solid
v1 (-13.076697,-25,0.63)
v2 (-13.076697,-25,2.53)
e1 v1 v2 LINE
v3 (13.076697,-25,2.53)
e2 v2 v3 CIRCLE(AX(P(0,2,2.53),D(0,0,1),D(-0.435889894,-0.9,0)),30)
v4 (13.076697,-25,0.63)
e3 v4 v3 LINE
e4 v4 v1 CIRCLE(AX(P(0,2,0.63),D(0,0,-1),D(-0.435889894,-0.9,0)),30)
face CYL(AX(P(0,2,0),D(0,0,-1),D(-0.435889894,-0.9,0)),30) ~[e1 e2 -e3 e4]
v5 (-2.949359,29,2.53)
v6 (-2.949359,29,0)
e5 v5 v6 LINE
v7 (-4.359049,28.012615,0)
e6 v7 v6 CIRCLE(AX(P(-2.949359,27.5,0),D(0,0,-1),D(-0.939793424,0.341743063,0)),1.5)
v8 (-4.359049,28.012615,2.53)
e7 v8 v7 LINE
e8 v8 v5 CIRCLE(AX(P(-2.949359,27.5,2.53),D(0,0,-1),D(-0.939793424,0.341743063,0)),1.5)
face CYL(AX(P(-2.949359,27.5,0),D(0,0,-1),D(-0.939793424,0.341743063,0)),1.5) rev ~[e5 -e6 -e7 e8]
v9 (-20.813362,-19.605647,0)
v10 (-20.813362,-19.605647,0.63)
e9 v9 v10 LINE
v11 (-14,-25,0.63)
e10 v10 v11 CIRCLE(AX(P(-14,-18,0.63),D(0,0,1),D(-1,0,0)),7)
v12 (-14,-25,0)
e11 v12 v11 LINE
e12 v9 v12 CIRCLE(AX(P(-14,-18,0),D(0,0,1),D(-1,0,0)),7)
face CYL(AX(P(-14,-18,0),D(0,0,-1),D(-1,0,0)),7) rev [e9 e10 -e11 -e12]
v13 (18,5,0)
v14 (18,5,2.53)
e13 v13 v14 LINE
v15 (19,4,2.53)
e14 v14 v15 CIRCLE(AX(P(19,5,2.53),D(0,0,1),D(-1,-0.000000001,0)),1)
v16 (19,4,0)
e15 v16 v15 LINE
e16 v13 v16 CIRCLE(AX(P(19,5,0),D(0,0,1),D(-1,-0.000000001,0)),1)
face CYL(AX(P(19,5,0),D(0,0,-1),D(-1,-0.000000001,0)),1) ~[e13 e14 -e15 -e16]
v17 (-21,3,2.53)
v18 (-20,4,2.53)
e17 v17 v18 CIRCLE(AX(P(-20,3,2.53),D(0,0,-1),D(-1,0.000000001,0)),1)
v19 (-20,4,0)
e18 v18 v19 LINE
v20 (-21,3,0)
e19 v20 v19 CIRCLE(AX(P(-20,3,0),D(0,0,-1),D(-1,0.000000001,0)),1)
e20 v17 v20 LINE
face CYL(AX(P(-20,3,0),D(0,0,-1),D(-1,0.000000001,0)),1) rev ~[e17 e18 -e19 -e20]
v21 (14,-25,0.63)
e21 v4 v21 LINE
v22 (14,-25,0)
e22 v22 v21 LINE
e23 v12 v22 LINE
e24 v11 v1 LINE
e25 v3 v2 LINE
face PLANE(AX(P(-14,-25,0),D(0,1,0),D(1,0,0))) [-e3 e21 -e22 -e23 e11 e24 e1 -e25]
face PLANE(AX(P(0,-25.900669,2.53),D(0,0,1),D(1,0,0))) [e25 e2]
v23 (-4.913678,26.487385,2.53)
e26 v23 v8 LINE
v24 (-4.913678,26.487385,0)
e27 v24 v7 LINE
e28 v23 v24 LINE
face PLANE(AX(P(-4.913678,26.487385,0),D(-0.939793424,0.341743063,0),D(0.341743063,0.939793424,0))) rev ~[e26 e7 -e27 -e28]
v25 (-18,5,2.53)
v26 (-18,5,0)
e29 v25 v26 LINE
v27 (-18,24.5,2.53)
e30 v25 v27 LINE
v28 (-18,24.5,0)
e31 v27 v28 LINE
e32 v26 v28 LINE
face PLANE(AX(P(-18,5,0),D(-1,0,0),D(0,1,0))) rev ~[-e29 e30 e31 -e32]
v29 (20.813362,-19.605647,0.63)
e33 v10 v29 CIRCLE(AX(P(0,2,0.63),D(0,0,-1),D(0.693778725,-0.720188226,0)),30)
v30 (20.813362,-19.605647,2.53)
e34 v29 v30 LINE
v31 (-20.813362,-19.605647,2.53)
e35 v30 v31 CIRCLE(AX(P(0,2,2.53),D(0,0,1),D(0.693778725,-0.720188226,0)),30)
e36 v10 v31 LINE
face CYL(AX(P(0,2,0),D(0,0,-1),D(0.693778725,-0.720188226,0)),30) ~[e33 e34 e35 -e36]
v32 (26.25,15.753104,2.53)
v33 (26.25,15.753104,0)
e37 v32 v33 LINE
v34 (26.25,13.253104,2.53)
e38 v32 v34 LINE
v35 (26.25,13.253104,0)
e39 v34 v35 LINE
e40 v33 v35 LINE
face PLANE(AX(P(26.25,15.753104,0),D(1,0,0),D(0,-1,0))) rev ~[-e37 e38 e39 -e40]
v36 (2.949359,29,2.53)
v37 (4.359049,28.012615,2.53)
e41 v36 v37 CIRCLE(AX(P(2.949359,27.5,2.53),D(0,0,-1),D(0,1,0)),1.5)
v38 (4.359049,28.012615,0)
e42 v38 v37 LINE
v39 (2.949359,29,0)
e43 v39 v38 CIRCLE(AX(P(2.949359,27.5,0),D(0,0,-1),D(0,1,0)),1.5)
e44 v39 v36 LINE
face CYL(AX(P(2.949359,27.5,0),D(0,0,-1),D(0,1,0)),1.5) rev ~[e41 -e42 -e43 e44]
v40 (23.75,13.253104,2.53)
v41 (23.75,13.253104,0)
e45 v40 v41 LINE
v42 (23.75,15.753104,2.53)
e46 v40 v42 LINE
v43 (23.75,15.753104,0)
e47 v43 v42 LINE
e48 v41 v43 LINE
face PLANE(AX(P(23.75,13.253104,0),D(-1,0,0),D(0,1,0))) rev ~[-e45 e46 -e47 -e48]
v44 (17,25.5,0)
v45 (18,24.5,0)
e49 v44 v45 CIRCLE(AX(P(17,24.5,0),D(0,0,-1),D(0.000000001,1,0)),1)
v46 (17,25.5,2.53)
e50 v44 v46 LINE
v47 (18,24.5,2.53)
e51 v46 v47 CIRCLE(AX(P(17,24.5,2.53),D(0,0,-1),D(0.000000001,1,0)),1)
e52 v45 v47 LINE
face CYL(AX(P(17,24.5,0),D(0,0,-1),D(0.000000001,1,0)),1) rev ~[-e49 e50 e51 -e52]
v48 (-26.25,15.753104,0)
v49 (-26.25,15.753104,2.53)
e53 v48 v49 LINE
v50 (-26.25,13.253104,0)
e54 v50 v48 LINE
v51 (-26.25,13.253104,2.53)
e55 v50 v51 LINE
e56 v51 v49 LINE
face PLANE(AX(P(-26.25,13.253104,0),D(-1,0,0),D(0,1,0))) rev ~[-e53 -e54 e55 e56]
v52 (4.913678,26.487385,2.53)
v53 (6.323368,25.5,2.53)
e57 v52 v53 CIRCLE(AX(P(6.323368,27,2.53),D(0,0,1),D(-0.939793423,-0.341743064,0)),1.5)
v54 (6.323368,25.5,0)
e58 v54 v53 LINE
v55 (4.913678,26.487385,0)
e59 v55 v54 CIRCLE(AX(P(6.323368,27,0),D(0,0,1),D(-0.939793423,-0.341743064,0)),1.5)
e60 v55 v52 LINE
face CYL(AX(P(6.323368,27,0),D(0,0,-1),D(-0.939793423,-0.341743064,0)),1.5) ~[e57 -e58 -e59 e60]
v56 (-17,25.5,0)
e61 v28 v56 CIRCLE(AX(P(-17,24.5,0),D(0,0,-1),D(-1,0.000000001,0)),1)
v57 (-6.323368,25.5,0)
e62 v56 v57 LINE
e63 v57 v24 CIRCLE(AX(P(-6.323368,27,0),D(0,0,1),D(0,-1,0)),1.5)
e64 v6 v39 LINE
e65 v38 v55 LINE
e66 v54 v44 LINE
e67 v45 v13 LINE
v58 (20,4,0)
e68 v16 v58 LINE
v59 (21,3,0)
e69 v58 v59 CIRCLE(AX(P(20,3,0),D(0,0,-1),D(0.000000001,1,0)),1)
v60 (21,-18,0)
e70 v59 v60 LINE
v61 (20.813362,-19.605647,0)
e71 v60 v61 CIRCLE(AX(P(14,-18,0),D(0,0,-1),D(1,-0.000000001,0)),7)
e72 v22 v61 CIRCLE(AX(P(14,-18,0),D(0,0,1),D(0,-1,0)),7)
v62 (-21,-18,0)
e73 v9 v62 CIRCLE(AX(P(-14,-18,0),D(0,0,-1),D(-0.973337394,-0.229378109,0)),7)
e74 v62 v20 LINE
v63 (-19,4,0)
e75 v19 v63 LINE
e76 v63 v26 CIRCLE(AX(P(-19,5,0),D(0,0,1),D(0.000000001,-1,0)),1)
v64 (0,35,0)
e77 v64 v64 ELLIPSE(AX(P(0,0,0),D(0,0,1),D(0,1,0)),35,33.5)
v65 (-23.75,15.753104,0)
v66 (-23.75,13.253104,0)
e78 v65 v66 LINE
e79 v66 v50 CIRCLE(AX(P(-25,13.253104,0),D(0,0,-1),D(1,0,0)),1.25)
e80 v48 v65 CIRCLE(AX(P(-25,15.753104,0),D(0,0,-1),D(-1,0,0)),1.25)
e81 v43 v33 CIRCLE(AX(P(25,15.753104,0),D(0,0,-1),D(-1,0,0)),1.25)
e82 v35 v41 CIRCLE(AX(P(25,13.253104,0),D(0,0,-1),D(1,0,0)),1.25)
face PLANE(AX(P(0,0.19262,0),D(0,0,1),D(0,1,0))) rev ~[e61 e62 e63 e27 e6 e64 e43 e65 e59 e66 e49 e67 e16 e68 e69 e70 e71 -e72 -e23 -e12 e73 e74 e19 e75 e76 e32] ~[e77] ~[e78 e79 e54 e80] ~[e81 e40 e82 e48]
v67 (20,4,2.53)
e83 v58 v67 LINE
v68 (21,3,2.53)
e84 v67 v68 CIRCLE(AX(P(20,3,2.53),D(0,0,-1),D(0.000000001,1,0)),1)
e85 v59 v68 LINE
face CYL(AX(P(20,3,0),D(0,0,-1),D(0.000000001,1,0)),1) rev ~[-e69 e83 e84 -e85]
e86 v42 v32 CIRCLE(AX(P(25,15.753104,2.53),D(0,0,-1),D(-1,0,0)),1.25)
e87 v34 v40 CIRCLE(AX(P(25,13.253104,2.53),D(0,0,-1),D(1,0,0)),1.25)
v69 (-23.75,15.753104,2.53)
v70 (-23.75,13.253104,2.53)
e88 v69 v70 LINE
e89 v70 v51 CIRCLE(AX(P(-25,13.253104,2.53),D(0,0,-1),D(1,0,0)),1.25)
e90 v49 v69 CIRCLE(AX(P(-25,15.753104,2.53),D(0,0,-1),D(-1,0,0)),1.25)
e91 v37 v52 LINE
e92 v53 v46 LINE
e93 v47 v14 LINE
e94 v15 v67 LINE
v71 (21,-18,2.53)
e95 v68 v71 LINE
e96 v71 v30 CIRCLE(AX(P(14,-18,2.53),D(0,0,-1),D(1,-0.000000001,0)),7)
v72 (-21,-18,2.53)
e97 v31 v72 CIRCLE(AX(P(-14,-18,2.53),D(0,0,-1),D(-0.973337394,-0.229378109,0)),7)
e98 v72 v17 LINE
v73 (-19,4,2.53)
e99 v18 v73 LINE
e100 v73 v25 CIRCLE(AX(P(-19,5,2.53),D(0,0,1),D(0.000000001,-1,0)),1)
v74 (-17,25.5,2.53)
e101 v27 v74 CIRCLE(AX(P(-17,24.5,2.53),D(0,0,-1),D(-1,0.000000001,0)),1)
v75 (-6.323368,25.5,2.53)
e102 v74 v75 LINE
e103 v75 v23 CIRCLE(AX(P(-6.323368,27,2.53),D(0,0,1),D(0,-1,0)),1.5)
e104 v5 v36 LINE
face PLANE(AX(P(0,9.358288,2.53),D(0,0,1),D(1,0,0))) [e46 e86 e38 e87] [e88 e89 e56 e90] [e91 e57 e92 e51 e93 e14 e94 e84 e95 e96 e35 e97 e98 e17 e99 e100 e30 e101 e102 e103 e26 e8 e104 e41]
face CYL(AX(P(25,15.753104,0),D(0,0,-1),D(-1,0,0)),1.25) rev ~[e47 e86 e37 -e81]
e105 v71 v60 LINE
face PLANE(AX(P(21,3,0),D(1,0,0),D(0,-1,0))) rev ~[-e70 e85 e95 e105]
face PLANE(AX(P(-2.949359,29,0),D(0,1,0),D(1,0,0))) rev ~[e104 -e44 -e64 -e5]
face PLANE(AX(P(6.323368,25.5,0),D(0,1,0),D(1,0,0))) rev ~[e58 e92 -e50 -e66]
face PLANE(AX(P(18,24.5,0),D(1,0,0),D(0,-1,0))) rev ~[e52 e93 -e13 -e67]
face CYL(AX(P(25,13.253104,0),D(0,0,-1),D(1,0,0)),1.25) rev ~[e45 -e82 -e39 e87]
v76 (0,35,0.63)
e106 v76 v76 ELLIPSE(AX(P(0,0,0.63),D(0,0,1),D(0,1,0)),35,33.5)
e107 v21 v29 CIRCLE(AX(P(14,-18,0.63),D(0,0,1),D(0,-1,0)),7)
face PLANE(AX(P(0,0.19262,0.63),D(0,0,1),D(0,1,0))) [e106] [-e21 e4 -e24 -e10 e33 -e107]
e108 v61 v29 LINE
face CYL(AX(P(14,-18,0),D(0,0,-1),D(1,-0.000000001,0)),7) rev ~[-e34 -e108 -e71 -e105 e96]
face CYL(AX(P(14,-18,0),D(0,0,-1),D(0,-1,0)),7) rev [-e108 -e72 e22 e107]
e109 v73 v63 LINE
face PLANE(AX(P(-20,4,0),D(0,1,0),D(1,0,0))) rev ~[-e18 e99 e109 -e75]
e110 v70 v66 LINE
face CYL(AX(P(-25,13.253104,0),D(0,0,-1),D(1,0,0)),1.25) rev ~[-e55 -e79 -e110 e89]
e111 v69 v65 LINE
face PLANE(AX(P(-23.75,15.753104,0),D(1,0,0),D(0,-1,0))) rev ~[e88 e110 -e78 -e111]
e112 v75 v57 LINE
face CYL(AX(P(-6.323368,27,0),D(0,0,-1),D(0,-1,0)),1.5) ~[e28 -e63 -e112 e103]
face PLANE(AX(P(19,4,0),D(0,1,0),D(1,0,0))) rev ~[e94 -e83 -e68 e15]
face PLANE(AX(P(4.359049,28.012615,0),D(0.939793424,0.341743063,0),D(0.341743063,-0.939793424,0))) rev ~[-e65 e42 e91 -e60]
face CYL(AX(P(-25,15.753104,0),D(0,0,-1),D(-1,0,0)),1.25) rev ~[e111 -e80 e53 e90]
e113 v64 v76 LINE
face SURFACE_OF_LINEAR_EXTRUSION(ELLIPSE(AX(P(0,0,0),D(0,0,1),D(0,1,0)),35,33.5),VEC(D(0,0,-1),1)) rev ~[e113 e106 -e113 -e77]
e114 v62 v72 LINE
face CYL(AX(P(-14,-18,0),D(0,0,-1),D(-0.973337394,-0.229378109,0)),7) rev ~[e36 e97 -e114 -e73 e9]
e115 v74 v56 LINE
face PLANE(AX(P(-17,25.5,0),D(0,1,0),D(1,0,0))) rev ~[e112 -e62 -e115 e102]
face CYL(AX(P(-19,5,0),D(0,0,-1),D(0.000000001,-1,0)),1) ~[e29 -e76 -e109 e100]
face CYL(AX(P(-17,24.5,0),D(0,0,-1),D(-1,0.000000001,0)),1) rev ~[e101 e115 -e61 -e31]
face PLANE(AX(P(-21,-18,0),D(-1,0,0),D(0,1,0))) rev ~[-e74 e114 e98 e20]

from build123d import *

# Parameters (mm, degrees)
BOSS_EXTRUDE1_DEPTH   = 2.53
BOSS_EXTRUDE1_2_DEPTH = 2.53
SKETCH1_5_RX          = 35
SKETCH1_5_RY          = 33.5
BOSS_EXTRUDE3_DEPTH   = 0.63


with BuildPart() as part:
    # Sketch1 → Boss-Extrude1 (new body)
    with BuildSketch(Plane.XY):
        with BuildLine():
            ThreePointArc((-13.076696831, -25), (0, -28), (13.076696831, -25))
            Line((13.076696831, -25), (-13.076696831, -25))
        make_face()
    extrude(amount=BOSS_EXTRUDE1_DEPTH)



with BuildPart() as body_2:
    # Sketch1 → Boss-Extrude1 2 (new body)
    with BuildSketch(Plane.XY):
        with BuildLine():
            Line((-2.949359103, 29), (2.949359103, 29))
            ThreePointArc((2.949359103, 29), (3.809904892, 28.728601215), (4.359049238, 28.012614595))
            Line((4.359049238, 28.012614595), (4.913678034, 26.487385405))
            ThreePointArc((4.913678034, 26.487385405), (5.462822381, 25.771398785), (6.32336817, 25.5))
            Line((6.32336817, 25.5), (17, 25.5))
            ThreePointArc((17, 25.5), (17.707106781, 25.207106781), (18, 24.5))
            Line((18, 24.5), (18, 5))
            ThreePointArc((18, 5), (18.292893219, 4.292893219), (19, 4))
            Line((19, 4), (20, 4))
            ThreePointArc((20, 4), (20.707106781, 3.707106781), (21, 3))
            Line((21, 3), (21, -18))
            ThreePointArc((21, -18), (20.953183886, -18.808228832), (20.813361759, -19.605646769))
            ThreePointArc((20.813361759, -19.605646769), (0, 32), (-20.813361759, -19.605646769))
            ThreePointArc((-20.813361759, -19.605646769), (-20.953183886, -18.808228832), (-21, -18))
            Line((-21, -18), (-21, 3))
            ThreePointArc((-21, 3), (-20.707106781, 3.707106781), (-20, 4))
            Line((-20, 4), (-19, 4))
            ThreePointArc((-19, 4), (-18.292893219, 4.292893219), (-18, 5))
            Line((-18, 5), (-18, 24.5))
            ThreePointArc((-18, 24.5), (-17.707106781, 25.207106781), (-17, 25.5))
            Line((-17, 25.5), (-6.32336817, 25.5))
            ThreePointArc((-6.32336817, 25.5), (-5.462822381, 25.771398785), (-4.913678034, 26.487385405))
            Line((-4.913678034, 26.487385405), (-4.359049238, 28.012614595))
            ThreePointArc((-4.359049238, 28.012614595), (-3.809904892, 28.728601215), (-2.949359103, 29))
        make_face()
        with BuildLine():
            Line((-26.25, 13.253103865), (-26.25, 15.753103865))
            ThreePointArc((-26.25, 15.753103865), (-25, 17.003103865), (-23.75, 15.753103865))
            Line((-23.75, 15.753103865), (-23.75, 13.253103865))
            ThreePointArc((-23.75, 13.253103865), (-25, 12.003103865), (-26.25, 13.253103865))
        make_face(mode=Mode.SUBTRACT)
        with BuildLine():
            ThreePointArc((23.75, 15.753103865), (25, 17.003103865), (26.25, 15.753103865))
            Line((26.25, 15.753103865), (26.25, 13.253103865))
            ThreePointArc((26.25, 13.253103865), (25, 12.003103865), (23.75, 13.253103865))
            Line((23.75, 13.253103865), (23.75, 15.753103865))
        make_face(mode=Mode.SUBTRACT)
    extrude(amount=BOSS_EXTRUDE1_2_DEPTH)


with BuildPart() as part_1:
    add(part.part)

    add(body_2.part)  # Boss-Extrude3 merges body 2
    # Sketch1<5> → Boss-Extrude3 (add)
    with BuildSketch(Plane.XY):
        with Locations(Location((0, 0), (0, 0, 90))):
            Ellipse(SKETCH1_5_RX, SKETCH1_5_RY)
        with BuildLine():
            Line((-26.25, 15.753103865), (-26.25, 13.253103865))
            ThreePointArc((-26.25, 13.253103865), (-25, 12.003103865), (-23.75, 13.253103865))
            Line((-23.75, 13.253103865), (-23.75, 15.753103865))
            ThreePointArc((-23.75, 15.753103865), (-25, 17.003103865), (-26.25, 15.753103865))
        make_face(mode=Mode.SUBTRACT)
        with BuildLine():
            Line((26.25, 15.753103865), (26.25, 13.253103865))
            ThreePointArc((26.25, 13.253103865), (25, 12.003103865), (23.75, 13.253103865))
            Line((23.75, 13.253103865), (23.75, 15.753103865))
            ThreePointArc((23.75, 15.753103865), (25, 17.003103865), (26.25, 15.753103865))
        make_face(mode=Mode.SUBTRACT)
        with BuildLine():
            Line((2.949359103, 29), (-2.949359103, 29))
            ThreePointArc((-2.949359103, 29), (-3.809904892, 28.728601215), (-4.359049238, 28.012614595))
            Line((-4.359049238, 28.012614595), (-4.913678034, 26.487385405))
            ThreePointArc((-4.913678034, 26.487385405), (-5.462822381, 25.771398785), (-6.32336817, 25.5))
            Line((-6.32336817, 25.5), (-17, 25.5))
            ThreePointArc((-17, 25.5), (-17.707106781, 25.207106781), (-18, 24.5))
            Line((-18, 24.5), (-18, 5))
            ThreePointArc((-18, 5), (-18.292893219, 4.292893219), (-19, 4))
            Line((-19, 4), (-20, 4))
            ThreePointArc((-20, 4), (-20.707106781, 3.707106781), (-21, 3))
            Line((-21, 3), (-21, -18))
            ThreePointArc((-21, -18), (-18.949747468, -22.949747468), (-14, -25))
            Line((-14, -25), (14, -25))
            ThreePointArc((14, -25), (18.949747468, -22.949747468), (21, -18))
            Line((21, -18), (21, 3))
            ThreePointArc((21, 3), (20.707106781, 3.707106781), (20, 4))
            Line((20, 4), (19, 4))
            ThreePointArc((19, 4), (18.292893219, 4.292893219), (18, 5))
            Line((18, 5), (18, 24.5))
            ThreePointArc((18, 24.5), (17.707106781, 25.207106781), (17, 25.5))
            Line((17, 25.5), (6.32336817, 25.5))
            ThreePointArc((6.32336817, 25.5), (5.462822381, 25.771398785), (4.913678034, 26.487385405))
            Line((4.913678034, 26.487385405), (4.359049238, 28.012614595))
            ThreePointArc((4.359049238, 28.012614595), (3.809904892, 28.728601215), (2.949359103, 29))
        make_face(mode=Mode.SUBTRACT)
    extrude(amount=BOSS_EXTRUDE3_DEPTH)


solid = part_1.part
